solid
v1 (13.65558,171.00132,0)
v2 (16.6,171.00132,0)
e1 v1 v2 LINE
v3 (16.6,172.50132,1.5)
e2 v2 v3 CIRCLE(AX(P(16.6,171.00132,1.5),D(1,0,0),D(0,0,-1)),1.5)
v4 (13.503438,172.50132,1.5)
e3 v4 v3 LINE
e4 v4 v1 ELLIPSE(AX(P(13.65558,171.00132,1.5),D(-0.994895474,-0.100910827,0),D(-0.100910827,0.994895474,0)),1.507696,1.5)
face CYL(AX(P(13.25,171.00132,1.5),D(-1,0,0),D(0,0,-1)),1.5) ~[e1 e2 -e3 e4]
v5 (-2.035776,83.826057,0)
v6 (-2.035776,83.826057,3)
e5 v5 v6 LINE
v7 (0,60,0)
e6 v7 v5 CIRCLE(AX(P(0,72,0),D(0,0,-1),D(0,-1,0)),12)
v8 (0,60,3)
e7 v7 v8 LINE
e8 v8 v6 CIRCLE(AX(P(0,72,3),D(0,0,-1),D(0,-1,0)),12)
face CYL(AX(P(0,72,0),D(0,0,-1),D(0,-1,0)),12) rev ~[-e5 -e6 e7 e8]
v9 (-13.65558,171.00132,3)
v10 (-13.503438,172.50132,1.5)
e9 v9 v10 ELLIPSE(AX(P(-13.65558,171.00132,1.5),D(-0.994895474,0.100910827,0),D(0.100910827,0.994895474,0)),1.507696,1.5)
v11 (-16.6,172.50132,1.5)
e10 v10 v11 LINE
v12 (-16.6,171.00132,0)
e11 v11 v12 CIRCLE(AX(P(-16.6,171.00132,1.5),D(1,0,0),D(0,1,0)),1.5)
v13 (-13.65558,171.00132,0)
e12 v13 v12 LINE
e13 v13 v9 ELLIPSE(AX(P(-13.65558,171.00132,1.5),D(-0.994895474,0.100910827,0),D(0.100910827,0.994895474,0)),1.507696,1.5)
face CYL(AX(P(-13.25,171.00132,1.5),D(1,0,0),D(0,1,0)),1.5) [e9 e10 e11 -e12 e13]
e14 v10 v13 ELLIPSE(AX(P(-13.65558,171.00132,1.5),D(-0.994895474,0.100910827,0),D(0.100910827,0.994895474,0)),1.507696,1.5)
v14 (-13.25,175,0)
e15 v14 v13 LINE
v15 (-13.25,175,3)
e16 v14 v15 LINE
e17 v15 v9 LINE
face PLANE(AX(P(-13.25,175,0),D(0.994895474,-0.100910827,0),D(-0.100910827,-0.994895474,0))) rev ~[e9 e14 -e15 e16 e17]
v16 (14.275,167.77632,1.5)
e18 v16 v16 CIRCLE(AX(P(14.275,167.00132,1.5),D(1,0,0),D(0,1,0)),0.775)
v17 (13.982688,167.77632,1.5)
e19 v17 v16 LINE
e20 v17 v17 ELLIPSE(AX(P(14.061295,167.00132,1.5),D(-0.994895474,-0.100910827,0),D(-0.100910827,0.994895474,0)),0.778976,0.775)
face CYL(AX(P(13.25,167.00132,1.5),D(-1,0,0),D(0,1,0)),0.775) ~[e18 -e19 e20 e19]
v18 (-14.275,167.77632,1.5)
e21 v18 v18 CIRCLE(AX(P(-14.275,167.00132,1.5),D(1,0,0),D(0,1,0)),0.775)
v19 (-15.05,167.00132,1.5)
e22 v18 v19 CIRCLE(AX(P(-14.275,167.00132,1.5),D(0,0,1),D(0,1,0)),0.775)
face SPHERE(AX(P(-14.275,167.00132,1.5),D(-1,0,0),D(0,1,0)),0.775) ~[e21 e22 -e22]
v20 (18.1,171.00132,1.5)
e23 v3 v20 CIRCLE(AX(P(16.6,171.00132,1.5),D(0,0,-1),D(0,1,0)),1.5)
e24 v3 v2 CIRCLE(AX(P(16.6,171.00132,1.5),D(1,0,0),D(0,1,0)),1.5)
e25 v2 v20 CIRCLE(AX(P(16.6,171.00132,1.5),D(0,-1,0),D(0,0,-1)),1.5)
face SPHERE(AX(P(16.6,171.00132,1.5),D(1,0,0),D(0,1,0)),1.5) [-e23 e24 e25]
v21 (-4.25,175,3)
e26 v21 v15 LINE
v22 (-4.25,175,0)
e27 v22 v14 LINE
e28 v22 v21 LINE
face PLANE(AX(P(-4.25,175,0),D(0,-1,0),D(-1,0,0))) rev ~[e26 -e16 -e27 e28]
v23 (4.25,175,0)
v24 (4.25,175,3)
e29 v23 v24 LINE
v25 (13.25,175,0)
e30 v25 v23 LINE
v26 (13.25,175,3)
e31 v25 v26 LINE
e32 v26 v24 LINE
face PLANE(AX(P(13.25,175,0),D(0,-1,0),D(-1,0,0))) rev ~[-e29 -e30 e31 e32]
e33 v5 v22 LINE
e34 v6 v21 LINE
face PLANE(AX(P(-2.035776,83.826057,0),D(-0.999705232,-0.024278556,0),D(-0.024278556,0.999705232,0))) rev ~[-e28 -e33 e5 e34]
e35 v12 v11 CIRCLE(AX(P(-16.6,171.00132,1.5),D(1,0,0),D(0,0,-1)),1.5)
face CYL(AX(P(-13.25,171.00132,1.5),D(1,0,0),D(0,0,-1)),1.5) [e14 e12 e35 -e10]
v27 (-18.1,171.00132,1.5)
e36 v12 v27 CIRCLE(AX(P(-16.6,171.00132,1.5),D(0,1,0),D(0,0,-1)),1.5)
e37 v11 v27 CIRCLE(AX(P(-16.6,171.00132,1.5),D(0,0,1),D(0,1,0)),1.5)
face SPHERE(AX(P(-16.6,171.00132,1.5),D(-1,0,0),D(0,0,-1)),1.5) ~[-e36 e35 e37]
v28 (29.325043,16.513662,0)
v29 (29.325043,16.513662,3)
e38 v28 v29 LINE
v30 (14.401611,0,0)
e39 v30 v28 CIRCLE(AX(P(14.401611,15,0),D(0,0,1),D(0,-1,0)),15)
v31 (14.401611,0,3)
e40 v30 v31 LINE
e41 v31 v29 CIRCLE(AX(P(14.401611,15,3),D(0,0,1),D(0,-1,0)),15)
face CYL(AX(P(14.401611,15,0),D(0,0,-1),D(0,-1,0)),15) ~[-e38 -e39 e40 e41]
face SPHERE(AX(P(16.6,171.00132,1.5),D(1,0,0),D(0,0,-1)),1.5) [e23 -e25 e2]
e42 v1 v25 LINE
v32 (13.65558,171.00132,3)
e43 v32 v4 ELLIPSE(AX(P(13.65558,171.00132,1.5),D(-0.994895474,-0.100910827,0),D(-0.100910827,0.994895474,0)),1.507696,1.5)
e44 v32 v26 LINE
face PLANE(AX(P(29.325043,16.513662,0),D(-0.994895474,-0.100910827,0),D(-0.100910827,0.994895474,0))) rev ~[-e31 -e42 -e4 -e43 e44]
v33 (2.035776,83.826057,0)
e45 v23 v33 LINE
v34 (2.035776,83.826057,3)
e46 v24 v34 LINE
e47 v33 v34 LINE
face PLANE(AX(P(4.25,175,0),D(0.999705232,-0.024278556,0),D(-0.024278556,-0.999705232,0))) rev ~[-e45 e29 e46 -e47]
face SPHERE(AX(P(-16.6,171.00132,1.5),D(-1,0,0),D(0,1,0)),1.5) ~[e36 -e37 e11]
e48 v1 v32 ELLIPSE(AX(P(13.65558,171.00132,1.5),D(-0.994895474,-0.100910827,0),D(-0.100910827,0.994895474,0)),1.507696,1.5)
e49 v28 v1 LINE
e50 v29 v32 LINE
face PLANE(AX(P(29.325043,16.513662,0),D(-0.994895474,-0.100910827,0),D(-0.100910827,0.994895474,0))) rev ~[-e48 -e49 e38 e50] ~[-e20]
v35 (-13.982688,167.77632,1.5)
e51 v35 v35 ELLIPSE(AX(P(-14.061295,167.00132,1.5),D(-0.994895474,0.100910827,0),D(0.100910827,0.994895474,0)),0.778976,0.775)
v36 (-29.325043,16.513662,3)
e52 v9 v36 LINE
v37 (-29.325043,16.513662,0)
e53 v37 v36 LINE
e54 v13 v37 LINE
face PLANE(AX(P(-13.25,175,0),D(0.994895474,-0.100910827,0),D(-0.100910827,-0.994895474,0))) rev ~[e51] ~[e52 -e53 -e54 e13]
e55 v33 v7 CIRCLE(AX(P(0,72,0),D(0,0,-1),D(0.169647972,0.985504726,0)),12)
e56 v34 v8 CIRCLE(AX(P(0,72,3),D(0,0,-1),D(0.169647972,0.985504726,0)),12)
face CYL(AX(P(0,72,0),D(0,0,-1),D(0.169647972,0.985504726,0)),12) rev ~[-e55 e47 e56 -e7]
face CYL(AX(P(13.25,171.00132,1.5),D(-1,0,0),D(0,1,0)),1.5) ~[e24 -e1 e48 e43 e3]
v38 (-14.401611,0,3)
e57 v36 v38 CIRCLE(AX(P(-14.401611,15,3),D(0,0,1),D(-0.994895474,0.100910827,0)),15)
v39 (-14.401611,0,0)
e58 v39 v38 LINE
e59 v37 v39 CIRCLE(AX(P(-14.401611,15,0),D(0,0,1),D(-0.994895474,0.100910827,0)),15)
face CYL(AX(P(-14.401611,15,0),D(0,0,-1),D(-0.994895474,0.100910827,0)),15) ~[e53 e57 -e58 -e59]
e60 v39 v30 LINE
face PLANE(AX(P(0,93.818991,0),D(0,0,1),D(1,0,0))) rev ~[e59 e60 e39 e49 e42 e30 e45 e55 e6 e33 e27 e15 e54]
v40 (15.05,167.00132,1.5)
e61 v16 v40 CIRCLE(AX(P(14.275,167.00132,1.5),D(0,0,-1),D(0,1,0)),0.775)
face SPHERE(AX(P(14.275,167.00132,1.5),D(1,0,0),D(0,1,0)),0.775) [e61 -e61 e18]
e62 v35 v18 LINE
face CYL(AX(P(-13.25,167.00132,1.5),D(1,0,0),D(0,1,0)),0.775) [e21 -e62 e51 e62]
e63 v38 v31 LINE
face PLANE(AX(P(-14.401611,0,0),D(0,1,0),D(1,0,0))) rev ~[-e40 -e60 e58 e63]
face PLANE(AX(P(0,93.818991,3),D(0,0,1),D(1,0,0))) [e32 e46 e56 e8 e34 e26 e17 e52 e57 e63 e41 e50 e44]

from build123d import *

# Parameters (mm, degrees)
F1_DEPTH = 3
F4_DEPTH = 4.85
F3_R     = 0.775
F5_DEPTH = 1.8
F6_R     = 1.5
F7_R     = 0.775


with BuildPart() as f1:
    # F0 (on Top) → F1 (new body)
    with BuildSketch(Plane.XY):
        with BuildLine():
            Line((-14.4016106971, 0), (0, 0))
            Line((0, 0), (14.4016106971, 0))
            ThreePointArc((14.4016106971, 0), (25.530513069, 4.9427870661), (29.3250428137, 16.5136624004))
            Line((29.3250428137, 16.5136624004), (13.25, 175))
            Line((13.25, 175), (4.25, 175))
            Line((4.25, 175), (2.0357756631, 83.826056716))
            ThreePointArc((2.0357756631, 83.826056716), (11.9564350998, 70.9784033555), (0, 60))
            ThreePointArc((0, 60), (-11.9564350998, 70.9784033555), (-2.0357756631, 83.826056716))
            Line((-2.0357756631, 83.826056716), (-4.25, 175))
            Line((-4.25, 175), (-13.25, 175))
            Line((-13.25, 175), (-29.3250428137, 16.5136624004))
            ThreePointArc((-29.3250428137, 16.5136624004), (-25.530513069, 4.9427870661), (-14.4016106971, 0))
        make_face()
    extrude(amount=F1_DEPTH)

    # F3 (on offset) → F4 (join)
    with BuildSketch(Plane.YZ.offset(13.25)):
        with BuildLine():
            ThreePointArc((171.0013200045, 0), (172.0619801762, 0.4393398282), (172.5013200045, 1.5))
            ThreePointArc((172.5013200045, 1.5), (169.9406598327, 2.5606601718), (171.0013200045, 0))
        make_face()
    extrude(amount=F4_DEPTH)

    # F3 (on offset) → F5 (join)
    with BuildSketch(Plane.YZ.offset(13.25)):
        with Locations((167.0013200045, 1.5)):
            Circle(F3_R)
    extrude(amount=F5_DEPTH)

    # F6
    f6_edges = [f1.edges().sort_by_distance(p)[0] for p in [
        (18.1, 171.00132, 3),
    ]]
    fillet(f6_edges, radius=F6_R)

    # F7
    f7_edges = [f1.edges().sort_by_distance(p)[0] for p in [
        (15.05, 166.22632, 1.5),
    ]]
    fillet(f7_edges, radius=F7_R)

    # F8: F1 across plane


with BuildPart() as f1_1:
    add(f1.part)
    add(f1.part.mirror(Plane.YZ))


solid = f1_1.part
